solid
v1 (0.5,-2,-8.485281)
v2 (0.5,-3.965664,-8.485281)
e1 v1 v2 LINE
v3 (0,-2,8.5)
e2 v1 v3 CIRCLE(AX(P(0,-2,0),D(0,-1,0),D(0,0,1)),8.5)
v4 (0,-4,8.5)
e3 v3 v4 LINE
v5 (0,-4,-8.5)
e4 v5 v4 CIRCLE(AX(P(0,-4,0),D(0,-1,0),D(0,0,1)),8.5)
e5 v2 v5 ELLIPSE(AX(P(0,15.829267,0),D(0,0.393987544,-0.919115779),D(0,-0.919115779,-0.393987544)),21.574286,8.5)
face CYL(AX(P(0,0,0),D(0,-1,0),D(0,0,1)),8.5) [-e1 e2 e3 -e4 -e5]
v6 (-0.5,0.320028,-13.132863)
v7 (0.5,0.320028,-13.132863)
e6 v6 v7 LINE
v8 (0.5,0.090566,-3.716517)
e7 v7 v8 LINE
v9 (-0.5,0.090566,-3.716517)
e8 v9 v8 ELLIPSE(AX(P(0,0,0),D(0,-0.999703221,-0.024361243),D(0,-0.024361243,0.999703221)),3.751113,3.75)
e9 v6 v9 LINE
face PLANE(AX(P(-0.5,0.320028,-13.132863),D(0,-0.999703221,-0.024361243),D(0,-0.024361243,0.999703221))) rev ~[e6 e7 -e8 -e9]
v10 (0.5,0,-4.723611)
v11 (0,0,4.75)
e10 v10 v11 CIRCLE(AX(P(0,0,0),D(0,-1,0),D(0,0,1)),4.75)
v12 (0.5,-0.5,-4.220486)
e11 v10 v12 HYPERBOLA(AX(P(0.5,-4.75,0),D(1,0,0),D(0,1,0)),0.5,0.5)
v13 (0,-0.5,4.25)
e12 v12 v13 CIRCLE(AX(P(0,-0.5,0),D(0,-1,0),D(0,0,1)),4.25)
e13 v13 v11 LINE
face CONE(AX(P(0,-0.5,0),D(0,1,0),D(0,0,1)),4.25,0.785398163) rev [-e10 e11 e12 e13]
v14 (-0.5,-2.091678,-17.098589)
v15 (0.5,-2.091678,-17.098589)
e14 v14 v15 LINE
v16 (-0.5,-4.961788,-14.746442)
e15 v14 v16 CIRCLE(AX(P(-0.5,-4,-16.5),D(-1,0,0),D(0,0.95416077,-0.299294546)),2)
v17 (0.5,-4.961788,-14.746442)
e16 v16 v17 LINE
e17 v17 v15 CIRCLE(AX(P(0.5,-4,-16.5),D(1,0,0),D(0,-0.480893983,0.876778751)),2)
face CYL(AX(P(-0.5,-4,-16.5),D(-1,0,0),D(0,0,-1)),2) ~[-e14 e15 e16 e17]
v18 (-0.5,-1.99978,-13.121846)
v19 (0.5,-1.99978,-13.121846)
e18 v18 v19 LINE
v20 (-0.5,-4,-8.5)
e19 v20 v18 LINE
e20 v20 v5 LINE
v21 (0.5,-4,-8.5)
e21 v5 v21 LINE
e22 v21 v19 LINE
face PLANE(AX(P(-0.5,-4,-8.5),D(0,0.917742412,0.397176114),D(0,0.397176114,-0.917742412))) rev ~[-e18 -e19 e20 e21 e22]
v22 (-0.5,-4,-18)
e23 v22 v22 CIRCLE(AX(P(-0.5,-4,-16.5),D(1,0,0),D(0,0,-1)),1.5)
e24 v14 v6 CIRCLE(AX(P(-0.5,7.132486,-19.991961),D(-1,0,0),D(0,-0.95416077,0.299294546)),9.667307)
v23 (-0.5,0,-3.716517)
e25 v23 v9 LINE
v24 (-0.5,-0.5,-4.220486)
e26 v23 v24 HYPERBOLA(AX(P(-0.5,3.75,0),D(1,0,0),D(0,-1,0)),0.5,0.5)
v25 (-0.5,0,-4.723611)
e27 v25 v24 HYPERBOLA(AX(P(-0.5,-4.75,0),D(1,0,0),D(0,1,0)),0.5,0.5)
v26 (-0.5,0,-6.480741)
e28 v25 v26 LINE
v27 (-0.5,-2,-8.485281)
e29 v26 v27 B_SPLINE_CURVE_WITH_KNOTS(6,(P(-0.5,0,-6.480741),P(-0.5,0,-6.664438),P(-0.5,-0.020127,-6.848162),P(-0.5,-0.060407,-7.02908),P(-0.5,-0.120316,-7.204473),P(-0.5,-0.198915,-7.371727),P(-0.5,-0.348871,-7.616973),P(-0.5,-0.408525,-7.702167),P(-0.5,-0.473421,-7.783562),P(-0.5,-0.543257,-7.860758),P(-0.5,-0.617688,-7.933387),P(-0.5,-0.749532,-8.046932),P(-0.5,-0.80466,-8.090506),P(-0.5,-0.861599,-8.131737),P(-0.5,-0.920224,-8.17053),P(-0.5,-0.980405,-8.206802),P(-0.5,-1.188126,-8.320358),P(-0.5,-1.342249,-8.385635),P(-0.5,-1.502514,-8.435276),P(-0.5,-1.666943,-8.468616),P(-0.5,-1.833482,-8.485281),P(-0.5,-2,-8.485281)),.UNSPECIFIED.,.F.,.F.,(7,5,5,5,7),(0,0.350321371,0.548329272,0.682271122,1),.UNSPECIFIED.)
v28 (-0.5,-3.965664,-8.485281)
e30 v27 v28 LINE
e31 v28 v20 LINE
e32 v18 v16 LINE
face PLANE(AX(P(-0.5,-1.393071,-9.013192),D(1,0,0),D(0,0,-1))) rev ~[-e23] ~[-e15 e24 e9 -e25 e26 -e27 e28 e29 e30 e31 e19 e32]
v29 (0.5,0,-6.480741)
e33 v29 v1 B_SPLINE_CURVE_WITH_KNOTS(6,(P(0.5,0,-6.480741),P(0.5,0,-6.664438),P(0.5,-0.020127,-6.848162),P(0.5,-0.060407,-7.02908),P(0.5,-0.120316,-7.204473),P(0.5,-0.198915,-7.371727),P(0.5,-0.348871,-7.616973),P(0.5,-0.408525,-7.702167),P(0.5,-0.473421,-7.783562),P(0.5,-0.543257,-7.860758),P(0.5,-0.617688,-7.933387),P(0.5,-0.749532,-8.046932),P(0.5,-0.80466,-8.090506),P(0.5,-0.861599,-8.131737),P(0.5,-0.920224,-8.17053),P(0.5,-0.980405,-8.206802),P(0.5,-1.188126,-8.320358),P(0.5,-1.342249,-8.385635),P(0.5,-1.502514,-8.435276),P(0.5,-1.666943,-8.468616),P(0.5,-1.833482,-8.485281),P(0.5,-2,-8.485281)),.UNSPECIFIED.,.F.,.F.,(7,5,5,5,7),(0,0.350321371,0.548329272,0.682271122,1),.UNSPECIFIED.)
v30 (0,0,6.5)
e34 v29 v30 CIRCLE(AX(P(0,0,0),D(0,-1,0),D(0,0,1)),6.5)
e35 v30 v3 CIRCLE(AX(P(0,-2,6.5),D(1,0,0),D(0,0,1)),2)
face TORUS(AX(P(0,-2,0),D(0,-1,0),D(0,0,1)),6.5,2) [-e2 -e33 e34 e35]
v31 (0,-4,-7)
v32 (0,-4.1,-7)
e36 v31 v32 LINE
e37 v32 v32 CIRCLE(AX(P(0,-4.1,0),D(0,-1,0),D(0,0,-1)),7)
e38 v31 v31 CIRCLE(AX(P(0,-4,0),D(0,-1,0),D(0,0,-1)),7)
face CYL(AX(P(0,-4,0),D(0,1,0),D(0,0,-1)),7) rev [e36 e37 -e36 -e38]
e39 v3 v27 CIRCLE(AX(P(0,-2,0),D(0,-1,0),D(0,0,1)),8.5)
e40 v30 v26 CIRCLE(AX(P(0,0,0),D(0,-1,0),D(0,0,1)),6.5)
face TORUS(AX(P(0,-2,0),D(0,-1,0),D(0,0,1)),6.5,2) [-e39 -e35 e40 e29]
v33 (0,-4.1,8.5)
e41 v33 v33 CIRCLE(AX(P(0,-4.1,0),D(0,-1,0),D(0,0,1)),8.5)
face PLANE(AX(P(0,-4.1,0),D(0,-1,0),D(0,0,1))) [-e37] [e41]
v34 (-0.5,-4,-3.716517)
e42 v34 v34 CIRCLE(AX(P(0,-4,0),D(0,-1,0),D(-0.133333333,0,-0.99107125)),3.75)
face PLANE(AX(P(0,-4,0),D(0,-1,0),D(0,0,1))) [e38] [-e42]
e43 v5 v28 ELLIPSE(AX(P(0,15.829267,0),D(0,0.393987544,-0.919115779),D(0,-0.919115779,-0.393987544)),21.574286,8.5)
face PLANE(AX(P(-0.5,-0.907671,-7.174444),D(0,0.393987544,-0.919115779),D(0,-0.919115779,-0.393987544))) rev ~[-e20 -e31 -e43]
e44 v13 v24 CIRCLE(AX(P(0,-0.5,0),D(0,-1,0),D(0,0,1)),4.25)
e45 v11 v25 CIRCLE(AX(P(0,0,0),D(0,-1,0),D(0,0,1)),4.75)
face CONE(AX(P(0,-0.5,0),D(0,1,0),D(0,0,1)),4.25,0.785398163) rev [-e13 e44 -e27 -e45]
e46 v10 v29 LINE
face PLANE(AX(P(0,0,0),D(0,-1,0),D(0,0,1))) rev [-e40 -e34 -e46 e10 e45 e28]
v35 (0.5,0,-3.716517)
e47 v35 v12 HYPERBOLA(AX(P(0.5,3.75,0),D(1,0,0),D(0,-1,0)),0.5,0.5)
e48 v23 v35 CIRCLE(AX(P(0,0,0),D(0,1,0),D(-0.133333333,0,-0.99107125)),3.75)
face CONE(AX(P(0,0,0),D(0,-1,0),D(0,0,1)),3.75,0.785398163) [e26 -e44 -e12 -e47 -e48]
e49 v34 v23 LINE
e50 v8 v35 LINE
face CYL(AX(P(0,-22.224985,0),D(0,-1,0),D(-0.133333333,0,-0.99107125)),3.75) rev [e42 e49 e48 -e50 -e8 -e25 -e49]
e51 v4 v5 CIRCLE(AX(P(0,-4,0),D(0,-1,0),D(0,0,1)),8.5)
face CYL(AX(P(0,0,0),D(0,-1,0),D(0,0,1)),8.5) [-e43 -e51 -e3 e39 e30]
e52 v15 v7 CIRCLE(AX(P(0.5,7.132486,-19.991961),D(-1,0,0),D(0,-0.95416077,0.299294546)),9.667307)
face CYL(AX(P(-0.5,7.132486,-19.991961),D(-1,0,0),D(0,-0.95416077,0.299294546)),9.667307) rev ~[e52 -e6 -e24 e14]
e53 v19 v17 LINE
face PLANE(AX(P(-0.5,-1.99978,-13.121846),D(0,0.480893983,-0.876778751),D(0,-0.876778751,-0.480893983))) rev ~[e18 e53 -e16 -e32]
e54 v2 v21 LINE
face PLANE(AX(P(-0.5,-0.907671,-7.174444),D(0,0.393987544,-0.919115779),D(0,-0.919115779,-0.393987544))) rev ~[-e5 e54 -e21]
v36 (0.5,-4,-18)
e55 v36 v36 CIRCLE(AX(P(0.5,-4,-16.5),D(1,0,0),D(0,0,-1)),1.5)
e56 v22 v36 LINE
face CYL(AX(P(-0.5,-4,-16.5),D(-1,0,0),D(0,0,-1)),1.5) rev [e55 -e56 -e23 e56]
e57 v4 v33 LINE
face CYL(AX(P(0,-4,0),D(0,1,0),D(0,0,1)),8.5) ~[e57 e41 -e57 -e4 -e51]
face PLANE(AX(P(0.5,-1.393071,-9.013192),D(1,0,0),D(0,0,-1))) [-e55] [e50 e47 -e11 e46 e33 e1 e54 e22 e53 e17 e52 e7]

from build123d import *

# Parameters (mm, degrees)
FILLET1_R                = 2
SKETCH5_R                = 8.5
SKETCH5_R_2              = 7
BOSS_EXTRUDE1_DEPTH      = 0.1
BOSS_EXTRUDE2_DEPTH      = 0.5
BOSS_EXTRUDE2_DEPTH_BACK = 0.5
SKETCH6_R                = 1.5
CUT_EXTRUDE1_DEPTH       = 22.224985432
CUT_EXTRUDE1_DEPTH_BACK  = 22.224985432
SKETCH7_R                = 3.75


with BuildPart() as part:
    # Sketch4 → Revolve1 (revolve)
    with BuildSketch(Plane(origin=(0, 0, 0), x_dir=(0, 0, -1), z_dir=(1, 0, 0))):
        Polygon((0, 0), (-3.75, 0), (-4.25, -0.5), (-4.75, 0), (-8.5, 0), (-8.5, -4), (0, -4), align=None)
    revolve(axis=Axis((0, 1.890471386, 0), (0, -1, 0)))

    # Fillet1
    fillet1_edges = [part.edges().sort_by_distance(p)[0] for p in [
        (0, 0, -8.5),
    ]]
    fillet(fillet1_edges, radius=FILLET1_R)



with BuildPart() as body_2:
    # Sketch5 → Boss-Extrude1 (new body)
    with BuildSketch(Plane.XZ.offset(4)):
        Circle(SKETCH5_R)
        Circle(SKETCH5_R_2, mode=Mode.SUBTRACT)
    extrude(amount=BOSS_EXTRUDE1_DEPTH)


with BuildPart() as part_1:
    add(part.part)

    add(body_2.part)  # Boss-Extrude2 merges body 2
    # Sketch6 → Boss-Extrude2 (add, two sides: drawn at the far end of the back side and taken through both)
    with BuildSketch(Plane(origin=(0, 0, 0), x_dir=(0, 0, -1), z_dir=(1, 0, 0)).offset(-BOSS_EXTRUDE2_DEPTH_BACK)):
        with BuildLine():
            Line((13.132863069, 0.320027848), (0, 0))
            Line((0, 0), (0, -0.907670556))
            Line((0, -0.907670556), (7.174444166, -0.907670556))
            Line((7.174444166, -0.907670556), (8.5, -4))
            Line((8.5, -4), (13.12184584, -1.999779955))
            Line((13.12184584, -1.999779955), (14.746442499, -4.961787965))
            ThreePointArc((14.746442499, -4.961787965), (18.046890478, -5.267726252), (17.098589091, -2.09167846))
            ThreePointArc((17.098589091, -2.09167846), (14.968839585, -1.127360353), (13.132863069, 0.320027848))
        make_face()
        with Locations((16.5, -4)):
            Circle(SKETCH6_R, mode=Mode.SUBTRACT)
    extrude(amount=BOSS_EXTRUDE2_DEPTH + BOSS_EXTRUDE2_DEPTH_BACK)

    # Sketch7 → Cut-Extrude1 (cut, two sides: drawn at the far end of the back side and taken through both)
    with BuildSketch(Plane(origin=(0, 0, 0), x_dir=(1, 0, 0), z_dir=(0, 1, 0)).offset(-CUT_EXTRUDE1_DEPTH_BACK)):
        Circle(SKETCH7_R)
    extrude(amount=CUT_EXTRUDE1_DEPTH + CUT_EXTRUDE1_DEPTH_BACK, mode=Mode.SUBTRACT)


solid = part_1.part
